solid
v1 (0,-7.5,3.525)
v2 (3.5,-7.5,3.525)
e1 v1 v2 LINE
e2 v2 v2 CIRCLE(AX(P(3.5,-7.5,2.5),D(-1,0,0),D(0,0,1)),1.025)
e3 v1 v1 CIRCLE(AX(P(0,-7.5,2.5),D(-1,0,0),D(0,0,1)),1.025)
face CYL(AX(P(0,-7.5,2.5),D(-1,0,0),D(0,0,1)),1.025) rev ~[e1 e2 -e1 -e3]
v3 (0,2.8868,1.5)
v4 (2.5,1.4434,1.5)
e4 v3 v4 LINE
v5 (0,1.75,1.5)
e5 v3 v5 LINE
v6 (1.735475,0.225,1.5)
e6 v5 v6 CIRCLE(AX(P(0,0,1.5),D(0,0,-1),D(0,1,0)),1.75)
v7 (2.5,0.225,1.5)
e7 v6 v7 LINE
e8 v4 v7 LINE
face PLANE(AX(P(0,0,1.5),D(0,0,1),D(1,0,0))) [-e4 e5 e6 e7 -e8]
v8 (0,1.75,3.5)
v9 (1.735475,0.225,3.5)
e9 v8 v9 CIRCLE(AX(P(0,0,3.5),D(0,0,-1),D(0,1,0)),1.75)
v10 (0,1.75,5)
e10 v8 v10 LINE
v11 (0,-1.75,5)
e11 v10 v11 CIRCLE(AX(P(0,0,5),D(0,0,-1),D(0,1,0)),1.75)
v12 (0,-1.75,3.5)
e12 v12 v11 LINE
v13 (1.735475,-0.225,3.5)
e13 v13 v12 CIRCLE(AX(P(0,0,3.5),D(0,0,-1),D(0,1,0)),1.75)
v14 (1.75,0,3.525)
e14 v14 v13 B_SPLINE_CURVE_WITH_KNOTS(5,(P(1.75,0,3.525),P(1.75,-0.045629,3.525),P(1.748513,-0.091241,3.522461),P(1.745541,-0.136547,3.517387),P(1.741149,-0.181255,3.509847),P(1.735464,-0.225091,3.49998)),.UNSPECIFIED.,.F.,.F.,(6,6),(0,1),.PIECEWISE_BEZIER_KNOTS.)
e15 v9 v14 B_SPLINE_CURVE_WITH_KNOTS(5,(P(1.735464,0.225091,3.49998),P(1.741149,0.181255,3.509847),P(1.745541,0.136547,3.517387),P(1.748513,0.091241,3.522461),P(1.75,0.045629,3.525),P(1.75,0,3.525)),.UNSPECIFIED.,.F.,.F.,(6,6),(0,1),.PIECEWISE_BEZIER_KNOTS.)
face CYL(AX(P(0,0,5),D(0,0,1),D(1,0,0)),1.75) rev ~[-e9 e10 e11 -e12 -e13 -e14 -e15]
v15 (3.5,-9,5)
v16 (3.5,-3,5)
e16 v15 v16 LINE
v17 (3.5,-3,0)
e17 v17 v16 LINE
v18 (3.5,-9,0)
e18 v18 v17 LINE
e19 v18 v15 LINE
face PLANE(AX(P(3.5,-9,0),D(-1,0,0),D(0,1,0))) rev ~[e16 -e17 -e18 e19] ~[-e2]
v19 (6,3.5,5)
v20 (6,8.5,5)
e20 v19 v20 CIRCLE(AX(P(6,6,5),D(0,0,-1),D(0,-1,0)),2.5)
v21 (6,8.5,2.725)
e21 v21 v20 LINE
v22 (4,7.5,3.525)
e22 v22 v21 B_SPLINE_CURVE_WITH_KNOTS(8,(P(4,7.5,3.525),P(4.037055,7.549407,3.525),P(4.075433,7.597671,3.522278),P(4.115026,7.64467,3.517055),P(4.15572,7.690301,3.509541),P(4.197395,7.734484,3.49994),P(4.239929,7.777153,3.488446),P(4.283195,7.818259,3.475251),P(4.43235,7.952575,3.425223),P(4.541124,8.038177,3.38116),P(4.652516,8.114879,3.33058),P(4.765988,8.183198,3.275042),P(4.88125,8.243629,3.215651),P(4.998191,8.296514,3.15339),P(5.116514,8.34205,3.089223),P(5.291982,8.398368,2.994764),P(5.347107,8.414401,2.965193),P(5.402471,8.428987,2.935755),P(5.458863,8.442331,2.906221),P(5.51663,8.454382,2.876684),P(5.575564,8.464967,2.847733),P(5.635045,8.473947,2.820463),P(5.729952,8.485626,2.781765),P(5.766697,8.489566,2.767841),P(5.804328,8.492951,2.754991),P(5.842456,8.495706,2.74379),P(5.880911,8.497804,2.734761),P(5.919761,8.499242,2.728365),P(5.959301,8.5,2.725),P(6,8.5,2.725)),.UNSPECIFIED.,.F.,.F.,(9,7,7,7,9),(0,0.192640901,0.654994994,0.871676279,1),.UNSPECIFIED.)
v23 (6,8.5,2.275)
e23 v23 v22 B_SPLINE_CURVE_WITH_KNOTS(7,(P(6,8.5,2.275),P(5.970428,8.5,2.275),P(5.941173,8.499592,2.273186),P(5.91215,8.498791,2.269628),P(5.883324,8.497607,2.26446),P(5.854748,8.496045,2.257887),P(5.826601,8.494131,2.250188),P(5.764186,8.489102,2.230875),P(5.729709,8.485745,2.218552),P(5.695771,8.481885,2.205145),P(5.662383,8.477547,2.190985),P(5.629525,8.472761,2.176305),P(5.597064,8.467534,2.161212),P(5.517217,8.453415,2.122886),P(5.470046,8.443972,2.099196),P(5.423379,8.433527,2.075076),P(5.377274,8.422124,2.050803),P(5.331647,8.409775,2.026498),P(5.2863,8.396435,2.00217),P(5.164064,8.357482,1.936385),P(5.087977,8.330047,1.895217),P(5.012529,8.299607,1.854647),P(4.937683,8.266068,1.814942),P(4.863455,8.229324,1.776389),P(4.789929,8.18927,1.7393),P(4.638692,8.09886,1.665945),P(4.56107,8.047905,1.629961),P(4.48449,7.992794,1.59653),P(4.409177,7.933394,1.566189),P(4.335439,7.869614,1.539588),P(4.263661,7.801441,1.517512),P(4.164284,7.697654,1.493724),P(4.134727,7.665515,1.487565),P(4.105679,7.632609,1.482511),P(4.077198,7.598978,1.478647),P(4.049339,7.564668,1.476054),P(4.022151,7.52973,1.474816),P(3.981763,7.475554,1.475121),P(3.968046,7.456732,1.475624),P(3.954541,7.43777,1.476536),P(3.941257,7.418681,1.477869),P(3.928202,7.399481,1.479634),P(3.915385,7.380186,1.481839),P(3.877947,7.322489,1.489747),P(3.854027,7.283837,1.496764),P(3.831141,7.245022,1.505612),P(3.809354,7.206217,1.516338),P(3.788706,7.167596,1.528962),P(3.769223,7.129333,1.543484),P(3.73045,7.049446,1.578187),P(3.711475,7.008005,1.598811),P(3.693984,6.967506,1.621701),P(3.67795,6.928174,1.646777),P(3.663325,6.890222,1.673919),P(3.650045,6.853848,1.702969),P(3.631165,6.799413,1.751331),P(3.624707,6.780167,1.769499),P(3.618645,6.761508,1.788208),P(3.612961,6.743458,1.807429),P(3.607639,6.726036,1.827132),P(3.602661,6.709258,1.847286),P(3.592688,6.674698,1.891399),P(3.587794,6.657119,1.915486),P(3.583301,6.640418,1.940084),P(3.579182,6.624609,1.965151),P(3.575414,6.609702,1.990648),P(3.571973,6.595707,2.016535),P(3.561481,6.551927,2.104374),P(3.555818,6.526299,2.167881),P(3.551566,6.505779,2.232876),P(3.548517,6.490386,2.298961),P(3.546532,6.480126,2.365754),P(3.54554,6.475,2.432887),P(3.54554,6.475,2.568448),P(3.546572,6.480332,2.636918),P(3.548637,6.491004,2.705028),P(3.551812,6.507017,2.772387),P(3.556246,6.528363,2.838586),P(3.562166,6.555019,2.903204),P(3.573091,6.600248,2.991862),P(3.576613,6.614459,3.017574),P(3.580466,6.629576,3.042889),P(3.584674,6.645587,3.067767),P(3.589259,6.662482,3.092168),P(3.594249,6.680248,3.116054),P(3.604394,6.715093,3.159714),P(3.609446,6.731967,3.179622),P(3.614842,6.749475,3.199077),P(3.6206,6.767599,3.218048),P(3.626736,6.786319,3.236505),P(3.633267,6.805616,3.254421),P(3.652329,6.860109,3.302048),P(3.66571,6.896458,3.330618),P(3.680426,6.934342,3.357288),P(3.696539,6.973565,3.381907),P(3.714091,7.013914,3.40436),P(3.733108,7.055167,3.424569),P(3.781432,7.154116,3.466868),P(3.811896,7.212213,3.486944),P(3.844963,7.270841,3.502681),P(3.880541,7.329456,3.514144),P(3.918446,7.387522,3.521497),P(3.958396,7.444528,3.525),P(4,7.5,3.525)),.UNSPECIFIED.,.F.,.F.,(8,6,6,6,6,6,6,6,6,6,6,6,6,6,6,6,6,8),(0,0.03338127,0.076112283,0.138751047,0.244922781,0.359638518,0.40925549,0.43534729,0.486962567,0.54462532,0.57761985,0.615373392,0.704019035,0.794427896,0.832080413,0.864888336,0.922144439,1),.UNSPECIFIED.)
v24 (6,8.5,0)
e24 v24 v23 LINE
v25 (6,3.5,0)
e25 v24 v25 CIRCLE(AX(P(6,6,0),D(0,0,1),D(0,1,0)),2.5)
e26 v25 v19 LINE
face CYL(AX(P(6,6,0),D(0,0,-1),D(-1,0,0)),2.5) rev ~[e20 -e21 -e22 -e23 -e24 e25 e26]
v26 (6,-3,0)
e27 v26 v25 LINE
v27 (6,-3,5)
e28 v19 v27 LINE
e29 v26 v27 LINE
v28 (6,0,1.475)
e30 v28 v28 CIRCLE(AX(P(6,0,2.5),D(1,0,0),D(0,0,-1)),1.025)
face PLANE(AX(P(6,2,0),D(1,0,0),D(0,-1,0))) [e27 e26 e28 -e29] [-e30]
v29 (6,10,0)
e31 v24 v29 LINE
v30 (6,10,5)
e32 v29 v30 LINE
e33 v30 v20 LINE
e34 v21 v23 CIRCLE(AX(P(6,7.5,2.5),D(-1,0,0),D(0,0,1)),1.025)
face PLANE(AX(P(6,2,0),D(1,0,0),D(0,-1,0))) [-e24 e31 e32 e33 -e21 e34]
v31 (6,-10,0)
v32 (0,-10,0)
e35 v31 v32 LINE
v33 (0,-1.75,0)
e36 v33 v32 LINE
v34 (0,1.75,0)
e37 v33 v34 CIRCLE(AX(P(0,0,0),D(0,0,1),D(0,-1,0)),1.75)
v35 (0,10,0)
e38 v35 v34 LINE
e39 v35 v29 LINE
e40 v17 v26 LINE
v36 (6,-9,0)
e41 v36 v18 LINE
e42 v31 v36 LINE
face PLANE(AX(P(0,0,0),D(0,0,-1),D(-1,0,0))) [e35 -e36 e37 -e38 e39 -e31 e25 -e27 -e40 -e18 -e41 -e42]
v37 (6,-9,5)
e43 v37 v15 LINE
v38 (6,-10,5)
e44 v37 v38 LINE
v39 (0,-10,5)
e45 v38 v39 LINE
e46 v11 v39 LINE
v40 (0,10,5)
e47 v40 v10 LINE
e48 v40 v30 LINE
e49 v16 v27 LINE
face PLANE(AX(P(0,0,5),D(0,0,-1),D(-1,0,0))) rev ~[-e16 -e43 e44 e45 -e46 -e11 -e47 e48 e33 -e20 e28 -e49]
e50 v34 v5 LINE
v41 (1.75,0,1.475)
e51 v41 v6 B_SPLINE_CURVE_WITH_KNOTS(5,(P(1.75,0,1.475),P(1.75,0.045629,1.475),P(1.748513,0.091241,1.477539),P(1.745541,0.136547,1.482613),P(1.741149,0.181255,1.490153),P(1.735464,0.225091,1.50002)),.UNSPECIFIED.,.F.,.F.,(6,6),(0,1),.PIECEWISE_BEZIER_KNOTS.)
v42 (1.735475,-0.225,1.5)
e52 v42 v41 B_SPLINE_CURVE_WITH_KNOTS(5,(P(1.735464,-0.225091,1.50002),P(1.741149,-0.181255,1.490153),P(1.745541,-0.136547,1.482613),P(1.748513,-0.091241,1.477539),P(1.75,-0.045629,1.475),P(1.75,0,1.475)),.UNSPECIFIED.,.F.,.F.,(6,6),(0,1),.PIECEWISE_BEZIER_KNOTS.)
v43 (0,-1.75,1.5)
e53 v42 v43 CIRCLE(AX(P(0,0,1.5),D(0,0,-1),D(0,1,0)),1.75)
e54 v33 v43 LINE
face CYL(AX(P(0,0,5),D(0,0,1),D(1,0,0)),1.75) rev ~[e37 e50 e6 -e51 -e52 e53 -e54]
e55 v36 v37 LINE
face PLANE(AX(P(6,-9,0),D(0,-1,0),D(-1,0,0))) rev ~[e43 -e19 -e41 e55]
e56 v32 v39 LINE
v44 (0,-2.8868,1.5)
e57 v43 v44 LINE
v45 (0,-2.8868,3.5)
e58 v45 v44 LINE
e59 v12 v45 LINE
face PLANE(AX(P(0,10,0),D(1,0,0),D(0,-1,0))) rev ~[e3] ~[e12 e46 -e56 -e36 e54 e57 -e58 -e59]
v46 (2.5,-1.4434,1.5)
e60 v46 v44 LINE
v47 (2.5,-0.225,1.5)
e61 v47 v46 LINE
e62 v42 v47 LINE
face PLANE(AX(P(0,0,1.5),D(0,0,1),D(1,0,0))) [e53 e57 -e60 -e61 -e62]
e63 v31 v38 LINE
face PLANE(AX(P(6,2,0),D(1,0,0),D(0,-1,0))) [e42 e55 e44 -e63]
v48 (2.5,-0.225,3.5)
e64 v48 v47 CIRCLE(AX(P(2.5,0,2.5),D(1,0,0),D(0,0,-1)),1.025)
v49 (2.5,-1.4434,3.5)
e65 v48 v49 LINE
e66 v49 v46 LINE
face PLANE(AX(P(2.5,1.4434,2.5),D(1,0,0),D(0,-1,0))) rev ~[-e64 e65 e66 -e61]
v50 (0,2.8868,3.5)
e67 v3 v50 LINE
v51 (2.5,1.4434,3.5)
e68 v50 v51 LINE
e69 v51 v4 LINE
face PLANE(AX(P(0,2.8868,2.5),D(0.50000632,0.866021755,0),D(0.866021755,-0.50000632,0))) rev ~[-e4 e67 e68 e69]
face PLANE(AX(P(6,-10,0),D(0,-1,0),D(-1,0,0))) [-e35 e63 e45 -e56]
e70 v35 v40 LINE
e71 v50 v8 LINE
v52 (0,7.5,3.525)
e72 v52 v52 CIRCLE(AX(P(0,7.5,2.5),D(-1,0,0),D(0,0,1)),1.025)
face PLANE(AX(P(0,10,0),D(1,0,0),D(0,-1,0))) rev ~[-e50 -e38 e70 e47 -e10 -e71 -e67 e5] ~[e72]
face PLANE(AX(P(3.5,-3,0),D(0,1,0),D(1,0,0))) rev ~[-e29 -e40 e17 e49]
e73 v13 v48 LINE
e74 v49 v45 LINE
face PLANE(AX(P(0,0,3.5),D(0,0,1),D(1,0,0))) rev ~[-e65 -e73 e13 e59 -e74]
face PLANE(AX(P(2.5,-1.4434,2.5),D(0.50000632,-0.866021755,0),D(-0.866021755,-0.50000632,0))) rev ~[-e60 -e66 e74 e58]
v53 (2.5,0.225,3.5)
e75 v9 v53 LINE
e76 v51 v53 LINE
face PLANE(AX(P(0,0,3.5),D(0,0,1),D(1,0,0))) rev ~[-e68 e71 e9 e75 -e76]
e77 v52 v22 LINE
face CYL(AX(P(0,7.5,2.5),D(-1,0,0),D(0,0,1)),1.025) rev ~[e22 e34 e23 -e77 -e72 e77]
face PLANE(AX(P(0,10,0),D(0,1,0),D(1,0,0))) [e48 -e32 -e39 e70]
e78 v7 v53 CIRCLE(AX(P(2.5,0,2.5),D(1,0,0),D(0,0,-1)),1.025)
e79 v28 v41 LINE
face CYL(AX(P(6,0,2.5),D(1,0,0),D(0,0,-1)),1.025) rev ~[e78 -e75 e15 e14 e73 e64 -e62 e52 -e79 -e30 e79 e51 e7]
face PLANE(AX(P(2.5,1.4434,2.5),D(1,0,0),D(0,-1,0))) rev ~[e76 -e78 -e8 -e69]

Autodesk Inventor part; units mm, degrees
ref_plane "YZ Plane" through (0, 0, 0) normal (1, 0, 0) x (0, 1, 0)
ref_plane "XZ Plane" through (0, 0, 0) normal (0, 1, 0) x (-1, 0, 0)
sketch "Sketch1" plane through (0, 0, 0) normal (0, 0, 1) x (1, 0, 0)
  line L0 (10, -10) -> (-10, -10)
  line L1 (-10, -10) -> (-10, 10)
  line L2 (-10, 10) -> (10, 10)
  line L3 (10, 10) -> (10, -10)
  line L4 (10, -10) -> (-10, 10) construction
  line L5 (-10, -10) -> (10, 10) construction
  line L6 (10, -10) -> (6, -10)
  line L7 (6, -10) -> (6, 10)
  line L8 (6, 10) -> (10, 10)
  line L9 (10, 10) -> (10, -10)
  line L10 (6, 2) -> (4, 2)
  line L11 (4, 2) -> (4, -2)
  line L12 (4, -2) -> (6, -2)
  line L13 (6, -2) -> (6, 2)
  line L14 (0, 10) -> (0, -10)
  point P0 (0, 0)
  dimension "d0" = 20
  dimension "d1" = 20
  dimension "d2" = 4
  dimension "d6" = 2
  dimension "d7" = 2
  dimension "d8" = 4
  dimension "d9" = 2
  dimension "d44" = 6
extrude "Extrusion1" add sketch "Sketch1" along normal blind 5 contours L0 L14 L2 L7 L10 L11 L12
ref_plane "Work Plane1" through (0, 0, 2.5) normal (0, 0, 1) x (1, 0, 0)
sketch "Sketch2" plane through (0, 0, 2.5) normal (0, 0, 1) x (1, 0, 0)
  line L0 (0, 10) -> (0, -10) projected
  line L1 (0, 2.8868) -> (2.5, 1.4434)
  line L2 (2.5, 1.4434) -> (2.5, -1.4434)
  line L3 (2.5, -1.4434) -> (0, -2.8868)
  line L4 (0, -2.8868) -> (-2.5, -1.4434)
  line L5 (-2.5, -1.4434) -> (-2.5, 1.4434)
  line L6 (-2.5, 1.4434) -> (0, 2.8868)
  point P0 (0, 0)
  point P1 (0, 0)
  dimension "d12" = 5
extrude "Extrusion2" cut sketch "Sketch2" along normal mid plane 2
sketch "Sketch3" plane through (0, 0, 5) normal (0, 0, 1) x (1, 0, 0)
  circle A0 centre (0, 0) radius 1.75
  dimension "d15" = 3.5
extrude "Extrusion3" cut sketch "Sketch3" against normal blind 8
sketch "Sketch4" plane through (0, 10, 0) normal (-1, 0, 0) x (0, 0, 1)
  circle A0 centre (2.5, -2.5) radius 1.025
  circle A1 centre (2.5, -17.5) radius 1.025
  line L0 (0, 0) -> (5, 0) projected
  line L1 (0, 0) -> (0, -8.25) projected
  line L2 (0, -11.75) -> (0, -20) projected
  line L3 (0, -20) -> (5, -20) projected
  point P0 (0, -10)
  dimension "d18" = 2.05
  dimension "d19" = 2.05
  dimension "d20" = 2.5
  dimension "d21" = 2.5
  dimension "d22" = 2.5
  dimension "d23" = 2.5
extrude "Extrusion4" cut sketch "Sketch4" against normal blind 25
sketch "Sketch5" plane through (0, 0, 0) normal (0, 0, -1) x (-1, 0, 0)
  line L0 (-4, -2) -> (-4, 2) projected
  line L1 (-6, -10) -> (-6, -2) projected
  line L2 (-4, 2) -> (-6, 2)
  line L3 (-6, 2) -> (-6, -2)
  line L4 (-6, -2) -> (-4, -2)
  line L5 (-4, -2) -> (-4, 2)
  point P0 (0, 0)
extrude "Extrusion5" add sketch "Sketch5" against normal blind 5
sketch "Sketch6" plane through (0, 0, 0) normal (0, 0, -1) x (-1, 0, 0)
  line L0 (-6, -10) -> (-6, 10) projected
  circle A0 centre (-6, 6) radius 2.5
  line L1 (-6, -9) -> (-3.5, -9)
  line L2 (-3.5, -9) -> (-3.5, -3)
  line L3 (-3.5, -3) -> (-6, -3)
  line L4 (-6, -3) -> (-6, -9)
  line L5 (0, -10) -> (-6, -10) projected
  line L6 (-6, 10) -> (0, 10) projected
  point P0 (0, 0)
  point P1 (-6, 8.5)
  point P2 (-6, 3.5)
  dimension "d32" = 2.5
  dimension "d33" = 1
  dimension "d34" = 6
  dimension "d35" = 5
  dimension "d36" = 4
extrude "Extrusion6" cut sketch "Sketch6" against normal blind 5 contours L0 A0 | L0 L3 L2 L1 picked at (-5.3485, 6.5196)
sketch "Sketch7" plane through (6, -3, 0) normal (1, 0, 0) x (0, 0, -1)
  circle A0 centre (-2.5, 3) radius 1.025
  line L0 (-5, 0) -> (-5, 6.5) projected
  line L1 (0, -7) -> (-5, -7) projected
  point P0 (0, 3)
  dimension "d39" = 2.5
  dimension "d40" = 10
  dimension "d41" = 2.05
extrude "Extrusion7" cut sketch "Sketch7" against normal blind 12
equation "\"d18\" = d19"
properties part number "POMSliderMotor" material "Acetal Resin, White"
